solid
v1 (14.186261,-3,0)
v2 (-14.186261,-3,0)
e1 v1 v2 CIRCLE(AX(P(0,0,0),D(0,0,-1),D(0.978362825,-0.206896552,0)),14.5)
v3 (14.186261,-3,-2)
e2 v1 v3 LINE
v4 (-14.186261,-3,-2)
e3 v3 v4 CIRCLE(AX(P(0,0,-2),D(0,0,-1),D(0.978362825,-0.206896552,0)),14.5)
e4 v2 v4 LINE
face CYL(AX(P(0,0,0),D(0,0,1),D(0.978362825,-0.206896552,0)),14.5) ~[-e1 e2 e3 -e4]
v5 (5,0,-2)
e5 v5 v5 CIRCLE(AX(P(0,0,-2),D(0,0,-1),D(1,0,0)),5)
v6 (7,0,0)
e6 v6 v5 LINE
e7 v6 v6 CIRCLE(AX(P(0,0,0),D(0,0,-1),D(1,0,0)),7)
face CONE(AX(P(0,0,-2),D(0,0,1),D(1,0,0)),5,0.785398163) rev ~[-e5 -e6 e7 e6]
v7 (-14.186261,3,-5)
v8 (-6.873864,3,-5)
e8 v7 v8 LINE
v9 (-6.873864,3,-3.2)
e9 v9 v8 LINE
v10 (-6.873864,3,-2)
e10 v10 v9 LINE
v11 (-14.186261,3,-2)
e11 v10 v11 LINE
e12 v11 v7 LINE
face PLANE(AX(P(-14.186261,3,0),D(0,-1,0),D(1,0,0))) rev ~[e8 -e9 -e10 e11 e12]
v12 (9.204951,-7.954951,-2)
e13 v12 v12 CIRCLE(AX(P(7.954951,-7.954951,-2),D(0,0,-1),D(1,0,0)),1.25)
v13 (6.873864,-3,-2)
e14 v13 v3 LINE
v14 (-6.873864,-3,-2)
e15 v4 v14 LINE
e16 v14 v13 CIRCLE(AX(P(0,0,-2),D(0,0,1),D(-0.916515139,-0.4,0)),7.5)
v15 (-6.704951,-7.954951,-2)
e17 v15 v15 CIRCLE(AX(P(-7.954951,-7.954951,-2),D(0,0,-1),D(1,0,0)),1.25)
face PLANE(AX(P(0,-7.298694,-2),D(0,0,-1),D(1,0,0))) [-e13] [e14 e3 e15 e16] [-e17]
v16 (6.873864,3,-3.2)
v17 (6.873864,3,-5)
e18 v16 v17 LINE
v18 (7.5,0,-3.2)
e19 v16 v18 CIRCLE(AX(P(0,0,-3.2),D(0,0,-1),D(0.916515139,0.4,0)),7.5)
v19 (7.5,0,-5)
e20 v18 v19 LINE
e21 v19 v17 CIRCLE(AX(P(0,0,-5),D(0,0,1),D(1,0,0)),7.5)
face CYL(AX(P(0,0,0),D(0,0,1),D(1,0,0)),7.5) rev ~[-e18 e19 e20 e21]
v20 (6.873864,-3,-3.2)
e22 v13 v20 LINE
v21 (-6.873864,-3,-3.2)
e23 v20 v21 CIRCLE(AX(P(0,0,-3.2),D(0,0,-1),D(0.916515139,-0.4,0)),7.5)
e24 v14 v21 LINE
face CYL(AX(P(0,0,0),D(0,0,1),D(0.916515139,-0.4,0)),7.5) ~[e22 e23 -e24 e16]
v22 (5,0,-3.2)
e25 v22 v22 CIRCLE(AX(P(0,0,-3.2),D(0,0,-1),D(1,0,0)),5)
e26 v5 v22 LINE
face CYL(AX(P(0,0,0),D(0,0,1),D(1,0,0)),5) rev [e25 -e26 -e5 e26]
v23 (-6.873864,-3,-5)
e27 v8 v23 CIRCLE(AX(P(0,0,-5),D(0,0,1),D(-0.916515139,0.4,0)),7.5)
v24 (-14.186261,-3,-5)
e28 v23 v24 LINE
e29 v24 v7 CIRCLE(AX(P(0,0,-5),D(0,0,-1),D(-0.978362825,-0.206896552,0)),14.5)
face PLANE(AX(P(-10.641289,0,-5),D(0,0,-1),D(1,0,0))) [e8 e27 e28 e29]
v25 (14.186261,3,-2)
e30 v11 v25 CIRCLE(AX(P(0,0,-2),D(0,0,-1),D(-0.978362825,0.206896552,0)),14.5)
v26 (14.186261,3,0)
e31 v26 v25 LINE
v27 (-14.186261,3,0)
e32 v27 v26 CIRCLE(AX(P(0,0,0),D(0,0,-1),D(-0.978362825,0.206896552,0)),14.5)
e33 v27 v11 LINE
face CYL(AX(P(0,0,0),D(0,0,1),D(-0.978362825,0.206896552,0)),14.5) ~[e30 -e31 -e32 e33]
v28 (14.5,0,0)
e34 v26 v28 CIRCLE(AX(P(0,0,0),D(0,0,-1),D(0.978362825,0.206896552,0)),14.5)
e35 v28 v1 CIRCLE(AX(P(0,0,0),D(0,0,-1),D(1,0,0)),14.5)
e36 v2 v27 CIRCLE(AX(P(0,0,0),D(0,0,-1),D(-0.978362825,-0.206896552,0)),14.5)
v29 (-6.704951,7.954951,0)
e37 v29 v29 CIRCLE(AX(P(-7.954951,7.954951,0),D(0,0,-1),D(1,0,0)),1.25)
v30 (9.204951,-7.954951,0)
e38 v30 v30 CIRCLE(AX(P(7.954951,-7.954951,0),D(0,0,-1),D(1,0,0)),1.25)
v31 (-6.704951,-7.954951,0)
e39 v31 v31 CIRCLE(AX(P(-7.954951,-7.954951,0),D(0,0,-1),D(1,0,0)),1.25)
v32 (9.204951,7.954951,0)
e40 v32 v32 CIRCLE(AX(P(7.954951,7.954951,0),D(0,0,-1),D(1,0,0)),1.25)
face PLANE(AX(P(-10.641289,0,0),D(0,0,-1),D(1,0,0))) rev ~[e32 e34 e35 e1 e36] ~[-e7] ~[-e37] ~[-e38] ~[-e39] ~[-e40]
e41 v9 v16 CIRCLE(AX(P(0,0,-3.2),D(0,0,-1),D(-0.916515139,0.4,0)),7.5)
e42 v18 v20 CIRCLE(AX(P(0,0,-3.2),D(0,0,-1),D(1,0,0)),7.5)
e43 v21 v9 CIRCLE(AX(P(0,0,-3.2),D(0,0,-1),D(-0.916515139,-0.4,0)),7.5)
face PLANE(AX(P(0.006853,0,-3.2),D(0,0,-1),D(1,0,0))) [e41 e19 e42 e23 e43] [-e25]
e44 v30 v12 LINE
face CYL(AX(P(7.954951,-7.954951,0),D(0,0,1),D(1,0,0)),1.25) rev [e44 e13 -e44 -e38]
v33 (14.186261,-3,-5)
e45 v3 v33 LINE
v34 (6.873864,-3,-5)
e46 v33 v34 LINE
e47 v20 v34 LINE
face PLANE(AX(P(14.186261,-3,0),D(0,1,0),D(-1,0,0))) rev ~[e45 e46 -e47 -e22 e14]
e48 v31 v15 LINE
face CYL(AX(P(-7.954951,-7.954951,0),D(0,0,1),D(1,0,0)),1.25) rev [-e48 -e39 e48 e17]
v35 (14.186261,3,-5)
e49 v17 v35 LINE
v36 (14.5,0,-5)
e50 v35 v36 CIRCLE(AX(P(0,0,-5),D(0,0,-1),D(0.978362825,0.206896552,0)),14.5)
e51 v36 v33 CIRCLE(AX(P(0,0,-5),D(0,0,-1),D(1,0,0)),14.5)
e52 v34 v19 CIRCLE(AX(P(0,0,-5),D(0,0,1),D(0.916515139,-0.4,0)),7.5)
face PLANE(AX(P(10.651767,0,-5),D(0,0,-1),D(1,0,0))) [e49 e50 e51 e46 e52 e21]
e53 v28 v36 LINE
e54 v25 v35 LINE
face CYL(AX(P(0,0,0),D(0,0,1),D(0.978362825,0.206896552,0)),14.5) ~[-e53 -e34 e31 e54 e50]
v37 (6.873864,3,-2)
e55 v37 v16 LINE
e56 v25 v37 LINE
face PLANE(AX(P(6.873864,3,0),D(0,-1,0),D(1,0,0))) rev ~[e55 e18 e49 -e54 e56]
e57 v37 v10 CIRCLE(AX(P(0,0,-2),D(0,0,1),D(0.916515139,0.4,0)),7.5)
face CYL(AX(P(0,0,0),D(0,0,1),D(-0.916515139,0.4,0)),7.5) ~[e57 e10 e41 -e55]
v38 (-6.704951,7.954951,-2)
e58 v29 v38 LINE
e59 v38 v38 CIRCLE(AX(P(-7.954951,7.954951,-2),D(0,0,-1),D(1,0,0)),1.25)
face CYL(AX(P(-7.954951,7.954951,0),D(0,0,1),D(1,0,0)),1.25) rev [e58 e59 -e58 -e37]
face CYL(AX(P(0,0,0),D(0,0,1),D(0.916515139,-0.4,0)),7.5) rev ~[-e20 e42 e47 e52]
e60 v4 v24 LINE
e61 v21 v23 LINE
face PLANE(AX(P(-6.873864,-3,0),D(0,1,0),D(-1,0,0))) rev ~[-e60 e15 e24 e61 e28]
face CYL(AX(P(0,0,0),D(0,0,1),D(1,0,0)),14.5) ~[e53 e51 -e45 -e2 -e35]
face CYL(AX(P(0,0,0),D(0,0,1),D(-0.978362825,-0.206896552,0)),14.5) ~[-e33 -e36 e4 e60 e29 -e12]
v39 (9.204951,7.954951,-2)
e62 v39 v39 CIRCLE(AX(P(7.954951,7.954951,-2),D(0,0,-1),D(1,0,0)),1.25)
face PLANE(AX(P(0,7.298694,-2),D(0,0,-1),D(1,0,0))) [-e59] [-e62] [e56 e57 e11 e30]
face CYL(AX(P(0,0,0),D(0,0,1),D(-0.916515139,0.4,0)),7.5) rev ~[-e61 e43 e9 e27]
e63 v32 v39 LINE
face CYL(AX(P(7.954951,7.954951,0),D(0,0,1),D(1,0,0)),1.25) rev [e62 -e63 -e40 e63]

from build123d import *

# Parameters (mm, degrees)
F0_R     = 5
F2_DEPTH = 3.2
F0_R_2   = 1.25
F3_DEPTH = 2
F4_DEPTH = 5
F5_SIZE  = 2
F6_ANGLE = 180


with BuildPart() as f2:
    # F0 (on Top) → F2 (new body)
    with BuildSketch(Plane.XY):
        with BuildLine():
            ThreePointArc((7.5, 0), (7.341797347, 1.5323223277), (6.8738635424, 3))
            ThreePointArc((6.8738635424, 3), (0, 7.5), (-6.8738635424, 3))
            ThreePointArc((-6.8738635424, 3), (-7.5, 0), (-6.8738635424, -3))
            ThreePointArc((-6.8738635424, -3), (0, -7.5), (6.8738635424, -3))
            ThreePointArc((6.8738635424, -3), (7.341797347, -1.5323223277), (7.5, 0))
        make_face()
        Circle(F0_R, mode=Mode.SUBTRACT)
    extrude(amount=F2_DEPTH)

    # F0 (on Top) → F3 (join)
    with BuildSketch(Plane.XY):
        with BuildLine():
            Line((6.8738635424, 3), (14.1862609591, 3))
            ThreePointArc((14.1862609591, 3), (0, 14.5), (-14.1862609591, 3))
            Line((-14.1862609591, 3), (-6.8738635424, 3))
            ThreePointArc((-6.8738635424, 3), (0, 7.5), (6.8738635424, 3))
        make_face()
        with Locations((-7.9549512883, 7.9549512883)):
            Circle(F0_R_2, mode=Mode.SUBTRACT)
        with Locations((7.9549512883, 7.9549512883)):
            Circle(F0_R_2, mode=Mode.SUBTRACT)
        with BuildLine():
            ThreePointArc((-14.1862609591, -3), (0, -14.5), (14.1862609591, -3))
            Line((14.1862609591, -3), (6.8738635424, -3))
            ThreePointArc((6.8738635424, -3), (0, -7.5), (-6.8738635424, -3))
            Line((-6.8738635424, -3), (-14.1862609591, -3))
        make_face()
        with Locations((-7.9549512883, -7.9549512883)):
            Circle(F0_R_2, mode=Mode.SUBTRACT)
        with Locations((7.9549512883, -7.9549512883)):
            Circle(F0_R_2, mode=Mode.SUBTRACT)
    extrude(amount=F3_DEPTH)

    # F0 (on Top) → F4 (join)
    with BuildSketch(Plane.XY):
        with BuildLine():
            Line((-6.8738635424, 3), (-14.1862609591, 3))
            ThreePointArc((-14.1862609591, 3), (-14.5, 0), (-14.1862609591, -3))
            Line((-14.1862609591, -3), (-6.8738635424, -3))
            ThreePointArc((-6.8738635424, -3), (-7.5, 0), (-6.8738635424, 3))
        make_face()
        with BuildLine():
            ThreePointArc((14.1862609591, -3), (14.4213519461, -1.508180376), (14.5, 0))
            ThreePointArc((14.5, 0), (14.4213519461, 1.508180376), (14.1862609591, 3))
            Line((14.1862609591, 3), (6.8738635424, 3))
            ThreePointArc((6.8738635424, 3), (7.341797347, 1.5323223277), (7.5, 0))
            ThreePointArc((7.5, 0), (7.341797347, -1.5323223277), (6.8738635424, -3))
            Line((6.8738635424, -3), (14.1862609591, -3))
        make_face()
    extrude(amount=F4_DEPTH)

    # F5
    f5_edges = [f2.edges().sort_by_distance(p)[0] for p in [
        (-5, 0, 0),
    ]]
    chamfer(f5_edges, length=F5_SIZE)


with BuildPart() as f2_1:
    # F6: moved
    add(f2.part.rotate(Axis((20.4745046794, 0, 0), (1, 0, 0)), F6_ANGLE))


solid = f2_1.part
